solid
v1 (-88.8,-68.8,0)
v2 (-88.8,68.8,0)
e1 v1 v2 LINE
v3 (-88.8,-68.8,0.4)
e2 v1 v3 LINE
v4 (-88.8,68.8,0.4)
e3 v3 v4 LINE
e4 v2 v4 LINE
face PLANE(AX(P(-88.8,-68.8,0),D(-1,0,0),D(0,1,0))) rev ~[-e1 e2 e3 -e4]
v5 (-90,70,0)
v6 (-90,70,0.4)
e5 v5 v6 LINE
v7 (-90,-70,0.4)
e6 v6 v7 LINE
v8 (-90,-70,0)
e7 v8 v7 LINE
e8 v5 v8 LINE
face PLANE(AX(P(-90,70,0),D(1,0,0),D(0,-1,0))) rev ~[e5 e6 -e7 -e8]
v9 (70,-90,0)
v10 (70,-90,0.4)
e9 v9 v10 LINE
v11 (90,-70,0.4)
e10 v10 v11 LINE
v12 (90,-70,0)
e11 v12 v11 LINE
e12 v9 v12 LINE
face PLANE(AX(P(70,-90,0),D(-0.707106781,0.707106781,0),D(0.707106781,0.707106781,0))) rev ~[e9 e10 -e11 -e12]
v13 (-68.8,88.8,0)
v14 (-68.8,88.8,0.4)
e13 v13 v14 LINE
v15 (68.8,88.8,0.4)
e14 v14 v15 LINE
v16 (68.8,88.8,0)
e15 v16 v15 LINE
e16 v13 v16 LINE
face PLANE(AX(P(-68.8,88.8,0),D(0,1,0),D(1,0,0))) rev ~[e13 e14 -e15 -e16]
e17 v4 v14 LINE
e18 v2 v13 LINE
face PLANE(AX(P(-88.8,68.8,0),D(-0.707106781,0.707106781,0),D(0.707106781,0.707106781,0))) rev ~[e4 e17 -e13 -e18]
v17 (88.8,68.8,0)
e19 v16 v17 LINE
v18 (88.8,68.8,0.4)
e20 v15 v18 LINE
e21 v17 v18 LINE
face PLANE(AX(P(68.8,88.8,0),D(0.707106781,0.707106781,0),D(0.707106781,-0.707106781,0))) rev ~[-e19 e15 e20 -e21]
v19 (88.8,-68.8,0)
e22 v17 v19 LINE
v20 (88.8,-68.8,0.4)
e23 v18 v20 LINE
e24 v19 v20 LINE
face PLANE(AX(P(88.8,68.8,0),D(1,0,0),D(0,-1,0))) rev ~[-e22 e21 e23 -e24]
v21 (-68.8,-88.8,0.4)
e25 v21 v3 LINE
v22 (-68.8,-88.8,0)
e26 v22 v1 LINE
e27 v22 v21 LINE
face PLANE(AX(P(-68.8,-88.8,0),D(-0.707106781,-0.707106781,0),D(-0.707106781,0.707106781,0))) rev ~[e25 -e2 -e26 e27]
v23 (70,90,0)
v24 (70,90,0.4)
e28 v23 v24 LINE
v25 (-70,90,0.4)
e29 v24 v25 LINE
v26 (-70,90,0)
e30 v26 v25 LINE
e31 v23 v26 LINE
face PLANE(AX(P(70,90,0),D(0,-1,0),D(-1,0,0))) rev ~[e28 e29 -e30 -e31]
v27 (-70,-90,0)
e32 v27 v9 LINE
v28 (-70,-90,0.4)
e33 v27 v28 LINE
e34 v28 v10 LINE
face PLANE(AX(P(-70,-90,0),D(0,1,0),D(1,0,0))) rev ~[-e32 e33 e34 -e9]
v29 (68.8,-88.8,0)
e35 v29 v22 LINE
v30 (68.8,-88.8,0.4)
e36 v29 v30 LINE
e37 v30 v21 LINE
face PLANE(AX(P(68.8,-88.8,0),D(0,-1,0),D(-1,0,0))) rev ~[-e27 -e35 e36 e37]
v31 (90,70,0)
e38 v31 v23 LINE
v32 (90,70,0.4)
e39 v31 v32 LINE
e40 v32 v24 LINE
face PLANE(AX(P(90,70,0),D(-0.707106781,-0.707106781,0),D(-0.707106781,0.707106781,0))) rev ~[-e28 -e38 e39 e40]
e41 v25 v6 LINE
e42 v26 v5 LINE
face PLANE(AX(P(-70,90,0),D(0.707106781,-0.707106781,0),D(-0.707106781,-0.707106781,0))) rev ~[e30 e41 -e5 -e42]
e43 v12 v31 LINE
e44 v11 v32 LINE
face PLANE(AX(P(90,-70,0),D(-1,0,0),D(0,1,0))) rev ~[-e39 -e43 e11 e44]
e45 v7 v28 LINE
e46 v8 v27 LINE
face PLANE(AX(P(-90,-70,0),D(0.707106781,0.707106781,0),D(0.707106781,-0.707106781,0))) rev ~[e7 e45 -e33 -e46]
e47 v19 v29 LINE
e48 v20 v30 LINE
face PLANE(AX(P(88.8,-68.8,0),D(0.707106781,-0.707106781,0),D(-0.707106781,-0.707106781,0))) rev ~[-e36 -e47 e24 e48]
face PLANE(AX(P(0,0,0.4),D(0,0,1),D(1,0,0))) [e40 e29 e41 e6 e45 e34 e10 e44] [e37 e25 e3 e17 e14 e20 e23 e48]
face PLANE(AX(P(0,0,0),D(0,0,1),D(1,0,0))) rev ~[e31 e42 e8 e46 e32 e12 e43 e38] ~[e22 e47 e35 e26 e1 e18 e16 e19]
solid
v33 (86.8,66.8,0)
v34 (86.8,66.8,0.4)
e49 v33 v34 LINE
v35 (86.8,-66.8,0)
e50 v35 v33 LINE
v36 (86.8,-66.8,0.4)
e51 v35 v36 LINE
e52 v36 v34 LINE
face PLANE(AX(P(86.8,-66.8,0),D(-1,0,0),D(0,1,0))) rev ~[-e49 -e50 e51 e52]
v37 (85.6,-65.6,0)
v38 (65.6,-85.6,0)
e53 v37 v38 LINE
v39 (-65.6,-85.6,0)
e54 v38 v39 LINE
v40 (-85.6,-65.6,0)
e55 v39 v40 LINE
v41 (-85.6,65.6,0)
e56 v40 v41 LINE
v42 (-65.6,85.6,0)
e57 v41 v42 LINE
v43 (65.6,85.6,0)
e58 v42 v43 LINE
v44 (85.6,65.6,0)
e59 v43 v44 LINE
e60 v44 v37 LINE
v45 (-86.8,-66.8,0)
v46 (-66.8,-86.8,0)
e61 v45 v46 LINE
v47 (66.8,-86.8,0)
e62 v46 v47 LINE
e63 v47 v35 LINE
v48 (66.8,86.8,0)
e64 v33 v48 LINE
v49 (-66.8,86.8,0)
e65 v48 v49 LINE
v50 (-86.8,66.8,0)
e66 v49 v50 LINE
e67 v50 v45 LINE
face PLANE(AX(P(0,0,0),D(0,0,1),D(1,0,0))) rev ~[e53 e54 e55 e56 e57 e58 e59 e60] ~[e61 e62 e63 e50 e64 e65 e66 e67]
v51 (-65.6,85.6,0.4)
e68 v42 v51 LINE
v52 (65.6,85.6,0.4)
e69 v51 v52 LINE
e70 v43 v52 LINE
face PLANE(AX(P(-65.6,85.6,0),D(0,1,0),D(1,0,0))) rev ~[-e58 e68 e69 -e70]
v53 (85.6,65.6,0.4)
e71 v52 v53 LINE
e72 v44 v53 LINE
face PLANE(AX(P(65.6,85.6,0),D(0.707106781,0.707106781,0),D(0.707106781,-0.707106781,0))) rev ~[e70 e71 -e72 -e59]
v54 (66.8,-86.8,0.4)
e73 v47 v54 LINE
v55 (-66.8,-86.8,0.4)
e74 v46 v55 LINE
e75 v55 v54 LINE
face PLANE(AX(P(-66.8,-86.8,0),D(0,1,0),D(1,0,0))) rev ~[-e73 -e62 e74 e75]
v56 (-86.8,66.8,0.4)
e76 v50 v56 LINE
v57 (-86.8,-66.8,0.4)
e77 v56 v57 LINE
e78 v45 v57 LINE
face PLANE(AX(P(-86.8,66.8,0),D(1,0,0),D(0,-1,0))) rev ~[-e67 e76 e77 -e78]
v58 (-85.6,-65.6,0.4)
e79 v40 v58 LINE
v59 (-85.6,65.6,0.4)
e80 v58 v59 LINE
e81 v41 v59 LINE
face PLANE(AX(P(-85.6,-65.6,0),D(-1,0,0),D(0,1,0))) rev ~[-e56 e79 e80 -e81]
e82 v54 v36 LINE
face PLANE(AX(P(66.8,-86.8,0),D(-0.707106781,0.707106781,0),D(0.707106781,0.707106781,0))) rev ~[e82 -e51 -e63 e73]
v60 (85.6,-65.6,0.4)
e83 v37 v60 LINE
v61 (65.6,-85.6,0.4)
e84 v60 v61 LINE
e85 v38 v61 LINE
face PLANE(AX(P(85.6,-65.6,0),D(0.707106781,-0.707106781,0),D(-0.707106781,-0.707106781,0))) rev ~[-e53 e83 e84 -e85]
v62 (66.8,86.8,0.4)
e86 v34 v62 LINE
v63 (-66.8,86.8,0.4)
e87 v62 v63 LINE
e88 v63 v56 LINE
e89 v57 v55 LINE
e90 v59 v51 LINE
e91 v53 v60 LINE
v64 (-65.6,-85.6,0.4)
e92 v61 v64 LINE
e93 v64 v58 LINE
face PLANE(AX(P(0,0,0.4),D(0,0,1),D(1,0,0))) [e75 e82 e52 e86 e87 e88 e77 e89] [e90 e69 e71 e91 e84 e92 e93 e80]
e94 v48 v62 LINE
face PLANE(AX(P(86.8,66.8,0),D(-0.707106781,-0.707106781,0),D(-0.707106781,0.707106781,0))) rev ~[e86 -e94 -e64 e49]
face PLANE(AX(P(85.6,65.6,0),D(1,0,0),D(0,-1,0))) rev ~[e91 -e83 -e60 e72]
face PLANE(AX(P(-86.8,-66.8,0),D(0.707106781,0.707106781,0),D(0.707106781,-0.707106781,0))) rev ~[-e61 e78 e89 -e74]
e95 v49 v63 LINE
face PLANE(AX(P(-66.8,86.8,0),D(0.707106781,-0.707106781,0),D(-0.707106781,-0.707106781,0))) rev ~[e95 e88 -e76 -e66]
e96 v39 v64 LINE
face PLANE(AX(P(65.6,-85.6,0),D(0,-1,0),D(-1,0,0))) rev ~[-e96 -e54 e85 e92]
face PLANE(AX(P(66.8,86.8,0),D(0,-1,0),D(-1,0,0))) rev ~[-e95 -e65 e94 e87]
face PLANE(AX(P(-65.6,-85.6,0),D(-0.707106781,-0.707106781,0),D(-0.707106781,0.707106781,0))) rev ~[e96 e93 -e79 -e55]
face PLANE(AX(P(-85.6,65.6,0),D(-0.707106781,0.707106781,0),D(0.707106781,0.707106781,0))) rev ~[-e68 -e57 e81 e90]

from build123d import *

# Parameters (mm, degrees)
F1_DEPTH = 0.4


with BuildPart() as f1:
    # F0 (on Top) → F1 (new body)
    with BuildSketch(Plane.XY):
        Polygon((90, 70), (70, 90), (-70, 90), (-90, 70), (-90, -70), (-70, -90), (70, -90), (90, -70), align=None)
        Polygon((-68.8, 88.8), (68.8, 88.8), (88.8, 68.8), (88.8, -68.8), (68.8, -88.8), (-68.8, -88.8), (-88.8, -68.8), (-88.8, 68.8), align=None, mode=Mode.SUBTRACT)
        Polygon((-86.8, -66.8), (-66.8, -86.8), (66.8, -86.8), (86.8, -66.8), (86.8, 66.8), (66.8, 86.8), (-66.8, 86.8), (-86.8, 66.8), align=None)
        Polygon((65.6, -85.6), (-65.6, -85.6), (-85.6, -65.6), (-85.6, 65.6), (-65.6, 85.6), (65.6, 85.6), (85.6, 65.6), (85.6, -65.6), align=None, mode=Mode.SUBTRACT)
    extrude(amount=F1_DEPTH)


solid = f1.part
